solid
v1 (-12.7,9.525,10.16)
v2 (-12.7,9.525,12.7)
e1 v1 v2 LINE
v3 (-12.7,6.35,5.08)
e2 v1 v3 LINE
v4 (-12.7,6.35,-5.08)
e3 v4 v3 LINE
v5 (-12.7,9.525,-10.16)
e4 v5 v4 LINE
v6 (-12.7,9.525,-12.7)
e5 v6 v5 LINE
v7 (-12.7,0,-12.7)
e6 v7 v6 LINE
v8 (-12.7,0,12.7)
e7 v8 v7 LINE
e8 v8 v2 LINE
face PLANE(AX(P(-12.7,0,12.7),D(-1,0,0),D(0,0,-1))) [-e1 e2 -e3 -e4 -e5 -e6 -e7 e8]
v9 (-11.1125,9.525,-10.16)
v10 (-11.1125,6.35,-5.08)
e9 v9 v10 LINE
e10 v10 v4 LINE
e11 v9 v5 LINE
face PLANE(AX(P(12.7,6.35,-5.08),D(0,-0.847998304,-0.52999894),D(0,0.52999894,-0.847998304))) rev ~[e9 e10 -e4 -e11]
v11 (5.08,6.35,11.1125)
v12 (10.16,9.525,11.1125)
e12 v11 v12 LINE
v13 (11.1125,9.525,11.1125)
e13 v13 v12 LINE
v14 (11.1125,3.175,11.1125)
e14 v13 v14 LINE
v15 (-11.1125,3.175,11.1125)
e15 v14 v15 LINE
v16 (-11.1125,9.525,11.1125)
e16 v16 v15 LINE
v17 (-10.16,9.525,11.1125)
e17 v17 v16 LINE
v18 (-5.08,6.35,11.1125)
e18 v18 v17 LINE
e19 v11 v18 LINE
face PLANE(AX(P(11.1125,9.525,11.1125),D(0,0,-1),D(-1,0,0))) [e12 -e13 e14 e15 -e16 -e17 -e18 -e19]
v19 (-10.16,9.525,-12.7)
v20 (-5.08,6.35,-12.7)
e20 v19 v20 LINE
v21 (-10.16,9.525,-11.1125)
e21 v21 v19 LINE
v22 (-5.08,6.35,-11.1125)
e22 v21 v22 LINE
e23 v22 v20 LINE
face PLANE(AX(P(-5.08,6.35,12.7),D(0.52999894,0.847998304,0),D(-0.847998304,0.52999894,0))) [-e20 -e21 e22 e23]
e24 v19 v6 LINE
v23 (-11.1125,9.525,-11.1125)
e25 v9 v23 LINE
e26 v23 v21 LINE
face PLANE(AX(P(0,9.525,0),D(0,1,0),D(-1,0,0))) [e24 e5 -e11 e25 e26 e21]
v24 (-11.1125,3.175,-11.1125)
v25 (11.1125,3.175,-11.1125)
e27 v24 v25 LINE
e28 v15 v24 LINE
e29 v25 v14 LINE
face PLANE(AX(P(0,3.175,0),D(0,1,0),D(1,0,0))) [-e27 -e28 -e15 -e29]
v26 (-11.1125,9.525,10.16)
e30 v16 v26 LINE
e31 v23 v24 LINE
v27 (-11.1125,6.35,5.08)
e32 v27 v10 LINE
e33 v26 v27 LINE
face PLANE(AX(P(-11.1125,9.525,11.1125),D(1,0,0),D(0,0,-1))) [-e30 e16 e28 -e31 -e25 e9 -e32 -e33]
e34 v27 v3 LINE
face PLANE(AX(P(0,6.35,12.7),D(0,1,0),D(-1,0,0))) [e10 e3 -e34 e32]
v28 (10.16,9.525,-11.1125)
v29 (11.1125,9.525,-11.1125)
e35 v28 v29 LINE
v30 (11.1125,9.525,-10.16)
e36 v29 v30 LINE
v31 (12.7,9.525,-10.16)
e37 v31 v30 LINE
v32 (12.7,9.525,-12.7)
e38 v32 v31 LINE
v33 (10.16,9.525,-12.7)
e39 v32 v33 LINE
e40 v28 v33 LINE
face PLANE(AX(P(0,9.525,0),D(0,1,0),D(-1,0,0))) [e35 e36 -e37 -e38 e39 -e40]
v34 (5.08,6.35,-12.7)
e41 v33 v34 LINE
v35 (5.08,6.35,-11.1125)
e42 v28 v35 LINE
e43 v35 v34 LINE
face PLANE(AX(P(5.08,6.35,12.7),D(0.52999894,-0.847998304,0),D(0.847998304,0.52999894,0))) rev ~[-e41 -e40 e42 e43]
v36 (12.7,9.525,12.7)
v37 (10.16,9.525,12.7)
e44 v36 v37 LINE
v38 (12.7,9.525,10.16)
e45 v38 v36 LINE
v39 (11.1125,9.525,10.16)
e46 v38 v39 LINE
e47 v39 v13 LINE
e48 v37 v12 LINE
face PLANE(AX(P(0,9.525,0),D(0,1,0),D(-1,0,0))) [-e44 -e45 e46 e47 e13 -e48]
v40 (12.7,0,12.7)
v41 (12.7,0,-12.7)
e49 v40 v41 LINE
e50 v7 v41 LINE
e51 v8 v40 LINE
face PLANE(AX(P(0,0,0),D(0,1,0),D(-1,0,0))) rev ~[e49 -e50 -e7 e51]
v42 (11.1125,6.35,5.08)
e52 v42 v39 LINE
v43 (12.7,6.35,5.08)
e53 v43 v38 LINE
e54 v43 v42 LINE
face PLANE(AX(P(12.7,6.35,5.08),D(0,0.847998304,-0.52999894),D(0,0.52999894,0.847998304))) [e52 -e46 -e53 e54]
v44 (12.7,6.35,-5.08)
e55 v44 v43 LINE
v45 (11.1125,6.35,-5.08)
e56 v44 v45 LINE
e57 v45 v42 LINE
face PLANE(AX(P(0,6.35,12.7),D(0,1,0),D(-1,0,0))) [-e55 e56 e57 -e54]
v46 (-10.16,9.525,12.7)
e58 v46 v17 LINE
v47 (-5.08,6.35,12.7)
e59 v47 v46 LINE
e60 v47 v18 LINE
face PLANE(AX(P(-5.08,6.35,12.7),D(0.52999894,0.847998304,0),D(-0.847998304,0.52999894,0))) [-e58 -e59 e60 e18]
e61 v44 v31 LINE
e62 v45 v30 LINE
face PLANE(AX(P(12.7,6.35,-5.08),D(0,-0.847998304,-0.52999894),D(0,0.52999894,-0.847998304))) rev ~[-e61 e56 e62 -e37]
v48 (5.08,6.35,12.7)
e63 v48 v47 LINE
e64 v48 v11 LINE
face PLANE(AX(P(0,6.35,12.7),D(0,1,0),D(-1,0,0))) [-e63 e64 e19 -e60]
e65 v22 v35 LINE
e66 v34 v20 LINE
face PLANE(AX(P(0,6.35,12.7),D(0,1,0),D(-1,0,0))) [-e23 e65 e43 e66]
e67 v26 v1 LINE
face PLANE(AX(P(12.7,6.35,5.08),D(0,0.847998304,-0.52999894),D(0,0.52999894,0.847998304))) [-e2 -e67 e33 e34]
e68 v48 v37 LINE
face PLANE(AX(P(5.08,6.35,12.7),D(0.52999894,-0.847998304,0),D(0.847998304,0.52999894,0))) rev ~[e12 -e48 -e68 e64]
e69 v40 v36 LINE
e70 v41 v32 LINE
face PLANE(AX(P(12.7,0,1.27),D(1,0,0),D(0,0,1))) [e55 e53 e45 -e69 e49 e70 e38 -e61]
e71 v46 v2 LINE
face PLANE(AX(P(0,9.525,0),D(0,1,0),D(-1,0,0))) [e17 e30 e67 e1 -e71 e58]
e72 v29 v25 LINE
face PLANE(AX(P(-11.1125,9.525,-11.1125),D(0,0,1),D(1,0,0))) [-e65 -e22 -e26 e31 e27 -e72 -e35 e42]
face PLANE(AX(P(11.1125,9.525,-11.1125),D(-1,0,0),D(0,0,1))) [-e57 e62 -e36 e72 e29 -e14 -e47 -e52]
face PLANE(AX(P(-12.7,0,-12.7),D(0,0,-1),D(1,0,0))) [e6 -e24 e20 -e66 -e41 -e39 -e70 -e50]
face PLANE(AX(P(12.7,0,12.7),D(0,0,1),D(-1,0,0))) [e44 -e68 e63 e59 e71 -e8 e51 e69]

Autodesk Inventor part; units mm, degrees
ref_plane "YZ Plane" through (0, 0, 0) normal (1, 0, 0) x (0, 1, 0)
ref_plane "XZ Plane" through (0, 0, 0) normal (0, 1, 0) x (-1, 0, 0)
ref_plane "XY Plane" through (0, 0, 0) normal (0, 0, 1) x (1, 0, 0)
sketch "Sketch1" plane through (0, 0, 0) normal (0, 1, 0) x (-1, 0, 0)
  point P0 (0, 0)
sketch "Sketch2" plane through (0, 0, 0) normal (0, 1, 0) x (-1, 0, 0)
  line L0 (-12.7, 12.7) -> (12.7, 12.7)
  line L1 (12.7, 12.7) -> (12.7, -12.7)
  line L2 (12.7, -12.7) -> (-12.7, -12.7)
  line L3 (-12.7, -12.7) -> (-12.7, 12.7)
  line L4 (-12.7, 12.7) -> (12.7, -12.7) construction
  line L5 (12.7, 12.7) -> (-12.7, -12.7) construction
  line L6 (3.175, -15.24) -> (-3.175, -15.24)
  line L7 (-3.175, -15.24) -> (-3.175, -16.51)
  line L8 (-3.175, -16.51) -> (3.175, -16.51)
  line L9 (3.175, -16.51) -> (3.175, -15.24)
  line L10 (3.175, -15.24) -> (-3.175, -16.51) construction
  line L11 (-3.175, -15.24) -> (3.175, -16.51) construction
  line L12 (-1.27, -15.24) -> (1.27, -15.24)
  line L13 (1.27, -15.24) -> (1.27, -12.7)
  line L14 (1.27, -12.7) -> (-1.27, -12.7)
  line L15 (-1.27, -12.7) -> (-1.27, -15.24)
  line L16 (15.24, 3.175) -> (15.24, -3.175)
  line L17 (15.24, -3.175) -> (16.51, -3.175)
  line L18 (16.51, -3.175) -> (16.51, 3.175)
  line L19 (16.51, 3.175) -> (15.24, 3.175)
  line L20 (15.24, 3.175) -> (16.51, -3.175) construction
  line L21 (15.24, -3.175) -> (16.51, 3.175) construction
  line L22 (15.24, 1.27) -> (12.7, 1.27)
  line L23 (12.7, -1.27) -> (15.24, -1.27)
  line L24 (12.7, 1.27) -> (12.7, -1.27)
  line L25 (3.175, 10.16) -> (-3.175, 10.16)
  line L26 (-3.175, 10.16) -> (-3.175, 8.89)
  line L27 (-3.175, 8.89) -> (3.175, 8.89)
  line L28 (3.175, 8.89) -> (3.175, 10.16)
  line L29 (3.175, 10.16) -> (-3.175, 8.89) construction
  line L30 (-3.175, 10.16) -> (3.175, 8.89) construction
  line L31 (-1.27, 10.16) -> (1.27, 10.16)
  line L32 (1.27, 10.16) -> (1.27, 12.7)
  line L33 (1.27, 12.7) -> (-1.27, 12.7)
  line L34 (-1.27, 12.7) -> (-1.27, 10.16)
  line L35 (-8.89, 3.175) -> (-10.16, 3.175)
  line L36 (-10.16, -1.27) -> (-10.16, 1.27)
  line L37 (-10.16, -3.175) -> (-8.89, 3.175) construction
  line L38 (-10.16, -3.175) -> (-8.89, -3.175)
  line L39 (-10.16, 3.175) -> (-10.16, -3.175)
  line L40 (-8.89, -3.175) -> (-8.89, 3.175)
  line L41 (-10.16, 3.175) -> (-8.89, -3.175) construction
  line L42 (-10.16, 1.27) -> (-12.7, 1.27)
  line L43 (-12.7, 1.27) -> (-12.7, -1.27)
  line L44 (-12.7, -1.27) -> (-10.16, -1.27)
  point P0 (0, 0)
  point P1 (0, -15.875)
  point P2 (15.875, 0)
  point P3 (0, 9.525)
  point P4 (-9.525, 0)
  point P5 (-1.27, 12.7)
  point P6 (-10.16, 1.27)
  point P7 (-12.7, -1.27)
  point P8 (-1.27, -12.7)
  point P9 (1.27, -15.24)
  dimension "d0" = 25.4
  dimension "d1" = 25.4
  dimension "d16" = 6.35
  dimension "d17" = 1.27
  dimension "d18" = 2.54
  dimension "d19" = 2.54
  dimension "d20" = 1.27
  dimension "d23" = 90
  dimension "d25" = 6.35
  dimension "d26" = 1.27
  dimension "d27" = 2.54
  dimension "d28" = 1.27
  dimension "d29" = 2.54
  dimension "d32" = 90
extrude "Extrusion1" add sketch "Sketch2" along normal blind 9.525 contours L0 L34 L25 L26 L27 L28 L32 L1 L2 L3 L44 L39 L38 L40 L35 L42 | L0 L32 L25 L34 | L42 L36 L44 L3 | L25 L28 L27 L26 | L39 L35 L40 L38 L36
sketch "Sketch3" plane through (-12.7, 0, 12.7) normal (0, 0, 1) x (1, 0, 0)
  point P0 (12.7, 0)
sketch "Sketch4" plane through (-12.7, 0, 12.7) normal (0, 0, 1) x (1, 0, 0)
  line L0 (0, 9.525) -> (25.4, 9.525) projected
  line L1 (12.7, 0) -> (12.7, 9.525) construction
  line L2 (12.7, 6.35) -> (7.62, 6.35)
  line L3 (7.62, 6.35) -> (2.54, 9.525)
  line L4 (25.4, 9.525) -> (0, 9.525) projected
  line L5 (0, 0) -> (25.4, 0) projected
  line L6 (12.7, 6.35) -> (17.78, 6.35)
  line L7 (17.78, 6.35) -> (22.86, 9.525)
  point P0 (22.86, 9.525)
  dimension "d4" = 2.54
  dimension "d5" = 10.16
  dimension "d6" = 6.35
extrude "Extrusion2" cut sketch "Sketch4" against normal through all
pattern_circular "Circular Pattern1" count 2 over 90 about axis through (0, -10, 0) along (0, 1, 0) of "Extrusion2"
sketch "Sketch5" plane through (-5.08, 6.35, 12.7) normal (0, 1, 0) x (1, 0, 0)
  point P0 (5.08, 12.7)
sketch "Sketch6" plane through (0, 9.525, 0) normal (0, 1, 0) x (1, 0, 0)
  line L0 (11.1125, -11.1125) -> (-11.1125, -11.1125)
  line L1 (-11.1125, -11.1125) -> (-11.1125, 11.1125)
  line L2 (-11.1125, 11.1125) -> (11.1125, 11.1125)
  line L3 (11.1125, 11.1125) -> (11.1125, -11.1125)
  line L4 (11.1125, -11.1125) -> (-11.1125, 11.1125) construction
  line L5 (-11.1125, -11.1125) -> (11.1125, 11.1125) construction
  point P0 (0, 0)
  dimension "d12" = 22.225
  dimension "d13" = 22.225
extrude "Extrusion3" cut sketch "Sketch6" against normal blind 6.35
properties part number "Checker square thin"
